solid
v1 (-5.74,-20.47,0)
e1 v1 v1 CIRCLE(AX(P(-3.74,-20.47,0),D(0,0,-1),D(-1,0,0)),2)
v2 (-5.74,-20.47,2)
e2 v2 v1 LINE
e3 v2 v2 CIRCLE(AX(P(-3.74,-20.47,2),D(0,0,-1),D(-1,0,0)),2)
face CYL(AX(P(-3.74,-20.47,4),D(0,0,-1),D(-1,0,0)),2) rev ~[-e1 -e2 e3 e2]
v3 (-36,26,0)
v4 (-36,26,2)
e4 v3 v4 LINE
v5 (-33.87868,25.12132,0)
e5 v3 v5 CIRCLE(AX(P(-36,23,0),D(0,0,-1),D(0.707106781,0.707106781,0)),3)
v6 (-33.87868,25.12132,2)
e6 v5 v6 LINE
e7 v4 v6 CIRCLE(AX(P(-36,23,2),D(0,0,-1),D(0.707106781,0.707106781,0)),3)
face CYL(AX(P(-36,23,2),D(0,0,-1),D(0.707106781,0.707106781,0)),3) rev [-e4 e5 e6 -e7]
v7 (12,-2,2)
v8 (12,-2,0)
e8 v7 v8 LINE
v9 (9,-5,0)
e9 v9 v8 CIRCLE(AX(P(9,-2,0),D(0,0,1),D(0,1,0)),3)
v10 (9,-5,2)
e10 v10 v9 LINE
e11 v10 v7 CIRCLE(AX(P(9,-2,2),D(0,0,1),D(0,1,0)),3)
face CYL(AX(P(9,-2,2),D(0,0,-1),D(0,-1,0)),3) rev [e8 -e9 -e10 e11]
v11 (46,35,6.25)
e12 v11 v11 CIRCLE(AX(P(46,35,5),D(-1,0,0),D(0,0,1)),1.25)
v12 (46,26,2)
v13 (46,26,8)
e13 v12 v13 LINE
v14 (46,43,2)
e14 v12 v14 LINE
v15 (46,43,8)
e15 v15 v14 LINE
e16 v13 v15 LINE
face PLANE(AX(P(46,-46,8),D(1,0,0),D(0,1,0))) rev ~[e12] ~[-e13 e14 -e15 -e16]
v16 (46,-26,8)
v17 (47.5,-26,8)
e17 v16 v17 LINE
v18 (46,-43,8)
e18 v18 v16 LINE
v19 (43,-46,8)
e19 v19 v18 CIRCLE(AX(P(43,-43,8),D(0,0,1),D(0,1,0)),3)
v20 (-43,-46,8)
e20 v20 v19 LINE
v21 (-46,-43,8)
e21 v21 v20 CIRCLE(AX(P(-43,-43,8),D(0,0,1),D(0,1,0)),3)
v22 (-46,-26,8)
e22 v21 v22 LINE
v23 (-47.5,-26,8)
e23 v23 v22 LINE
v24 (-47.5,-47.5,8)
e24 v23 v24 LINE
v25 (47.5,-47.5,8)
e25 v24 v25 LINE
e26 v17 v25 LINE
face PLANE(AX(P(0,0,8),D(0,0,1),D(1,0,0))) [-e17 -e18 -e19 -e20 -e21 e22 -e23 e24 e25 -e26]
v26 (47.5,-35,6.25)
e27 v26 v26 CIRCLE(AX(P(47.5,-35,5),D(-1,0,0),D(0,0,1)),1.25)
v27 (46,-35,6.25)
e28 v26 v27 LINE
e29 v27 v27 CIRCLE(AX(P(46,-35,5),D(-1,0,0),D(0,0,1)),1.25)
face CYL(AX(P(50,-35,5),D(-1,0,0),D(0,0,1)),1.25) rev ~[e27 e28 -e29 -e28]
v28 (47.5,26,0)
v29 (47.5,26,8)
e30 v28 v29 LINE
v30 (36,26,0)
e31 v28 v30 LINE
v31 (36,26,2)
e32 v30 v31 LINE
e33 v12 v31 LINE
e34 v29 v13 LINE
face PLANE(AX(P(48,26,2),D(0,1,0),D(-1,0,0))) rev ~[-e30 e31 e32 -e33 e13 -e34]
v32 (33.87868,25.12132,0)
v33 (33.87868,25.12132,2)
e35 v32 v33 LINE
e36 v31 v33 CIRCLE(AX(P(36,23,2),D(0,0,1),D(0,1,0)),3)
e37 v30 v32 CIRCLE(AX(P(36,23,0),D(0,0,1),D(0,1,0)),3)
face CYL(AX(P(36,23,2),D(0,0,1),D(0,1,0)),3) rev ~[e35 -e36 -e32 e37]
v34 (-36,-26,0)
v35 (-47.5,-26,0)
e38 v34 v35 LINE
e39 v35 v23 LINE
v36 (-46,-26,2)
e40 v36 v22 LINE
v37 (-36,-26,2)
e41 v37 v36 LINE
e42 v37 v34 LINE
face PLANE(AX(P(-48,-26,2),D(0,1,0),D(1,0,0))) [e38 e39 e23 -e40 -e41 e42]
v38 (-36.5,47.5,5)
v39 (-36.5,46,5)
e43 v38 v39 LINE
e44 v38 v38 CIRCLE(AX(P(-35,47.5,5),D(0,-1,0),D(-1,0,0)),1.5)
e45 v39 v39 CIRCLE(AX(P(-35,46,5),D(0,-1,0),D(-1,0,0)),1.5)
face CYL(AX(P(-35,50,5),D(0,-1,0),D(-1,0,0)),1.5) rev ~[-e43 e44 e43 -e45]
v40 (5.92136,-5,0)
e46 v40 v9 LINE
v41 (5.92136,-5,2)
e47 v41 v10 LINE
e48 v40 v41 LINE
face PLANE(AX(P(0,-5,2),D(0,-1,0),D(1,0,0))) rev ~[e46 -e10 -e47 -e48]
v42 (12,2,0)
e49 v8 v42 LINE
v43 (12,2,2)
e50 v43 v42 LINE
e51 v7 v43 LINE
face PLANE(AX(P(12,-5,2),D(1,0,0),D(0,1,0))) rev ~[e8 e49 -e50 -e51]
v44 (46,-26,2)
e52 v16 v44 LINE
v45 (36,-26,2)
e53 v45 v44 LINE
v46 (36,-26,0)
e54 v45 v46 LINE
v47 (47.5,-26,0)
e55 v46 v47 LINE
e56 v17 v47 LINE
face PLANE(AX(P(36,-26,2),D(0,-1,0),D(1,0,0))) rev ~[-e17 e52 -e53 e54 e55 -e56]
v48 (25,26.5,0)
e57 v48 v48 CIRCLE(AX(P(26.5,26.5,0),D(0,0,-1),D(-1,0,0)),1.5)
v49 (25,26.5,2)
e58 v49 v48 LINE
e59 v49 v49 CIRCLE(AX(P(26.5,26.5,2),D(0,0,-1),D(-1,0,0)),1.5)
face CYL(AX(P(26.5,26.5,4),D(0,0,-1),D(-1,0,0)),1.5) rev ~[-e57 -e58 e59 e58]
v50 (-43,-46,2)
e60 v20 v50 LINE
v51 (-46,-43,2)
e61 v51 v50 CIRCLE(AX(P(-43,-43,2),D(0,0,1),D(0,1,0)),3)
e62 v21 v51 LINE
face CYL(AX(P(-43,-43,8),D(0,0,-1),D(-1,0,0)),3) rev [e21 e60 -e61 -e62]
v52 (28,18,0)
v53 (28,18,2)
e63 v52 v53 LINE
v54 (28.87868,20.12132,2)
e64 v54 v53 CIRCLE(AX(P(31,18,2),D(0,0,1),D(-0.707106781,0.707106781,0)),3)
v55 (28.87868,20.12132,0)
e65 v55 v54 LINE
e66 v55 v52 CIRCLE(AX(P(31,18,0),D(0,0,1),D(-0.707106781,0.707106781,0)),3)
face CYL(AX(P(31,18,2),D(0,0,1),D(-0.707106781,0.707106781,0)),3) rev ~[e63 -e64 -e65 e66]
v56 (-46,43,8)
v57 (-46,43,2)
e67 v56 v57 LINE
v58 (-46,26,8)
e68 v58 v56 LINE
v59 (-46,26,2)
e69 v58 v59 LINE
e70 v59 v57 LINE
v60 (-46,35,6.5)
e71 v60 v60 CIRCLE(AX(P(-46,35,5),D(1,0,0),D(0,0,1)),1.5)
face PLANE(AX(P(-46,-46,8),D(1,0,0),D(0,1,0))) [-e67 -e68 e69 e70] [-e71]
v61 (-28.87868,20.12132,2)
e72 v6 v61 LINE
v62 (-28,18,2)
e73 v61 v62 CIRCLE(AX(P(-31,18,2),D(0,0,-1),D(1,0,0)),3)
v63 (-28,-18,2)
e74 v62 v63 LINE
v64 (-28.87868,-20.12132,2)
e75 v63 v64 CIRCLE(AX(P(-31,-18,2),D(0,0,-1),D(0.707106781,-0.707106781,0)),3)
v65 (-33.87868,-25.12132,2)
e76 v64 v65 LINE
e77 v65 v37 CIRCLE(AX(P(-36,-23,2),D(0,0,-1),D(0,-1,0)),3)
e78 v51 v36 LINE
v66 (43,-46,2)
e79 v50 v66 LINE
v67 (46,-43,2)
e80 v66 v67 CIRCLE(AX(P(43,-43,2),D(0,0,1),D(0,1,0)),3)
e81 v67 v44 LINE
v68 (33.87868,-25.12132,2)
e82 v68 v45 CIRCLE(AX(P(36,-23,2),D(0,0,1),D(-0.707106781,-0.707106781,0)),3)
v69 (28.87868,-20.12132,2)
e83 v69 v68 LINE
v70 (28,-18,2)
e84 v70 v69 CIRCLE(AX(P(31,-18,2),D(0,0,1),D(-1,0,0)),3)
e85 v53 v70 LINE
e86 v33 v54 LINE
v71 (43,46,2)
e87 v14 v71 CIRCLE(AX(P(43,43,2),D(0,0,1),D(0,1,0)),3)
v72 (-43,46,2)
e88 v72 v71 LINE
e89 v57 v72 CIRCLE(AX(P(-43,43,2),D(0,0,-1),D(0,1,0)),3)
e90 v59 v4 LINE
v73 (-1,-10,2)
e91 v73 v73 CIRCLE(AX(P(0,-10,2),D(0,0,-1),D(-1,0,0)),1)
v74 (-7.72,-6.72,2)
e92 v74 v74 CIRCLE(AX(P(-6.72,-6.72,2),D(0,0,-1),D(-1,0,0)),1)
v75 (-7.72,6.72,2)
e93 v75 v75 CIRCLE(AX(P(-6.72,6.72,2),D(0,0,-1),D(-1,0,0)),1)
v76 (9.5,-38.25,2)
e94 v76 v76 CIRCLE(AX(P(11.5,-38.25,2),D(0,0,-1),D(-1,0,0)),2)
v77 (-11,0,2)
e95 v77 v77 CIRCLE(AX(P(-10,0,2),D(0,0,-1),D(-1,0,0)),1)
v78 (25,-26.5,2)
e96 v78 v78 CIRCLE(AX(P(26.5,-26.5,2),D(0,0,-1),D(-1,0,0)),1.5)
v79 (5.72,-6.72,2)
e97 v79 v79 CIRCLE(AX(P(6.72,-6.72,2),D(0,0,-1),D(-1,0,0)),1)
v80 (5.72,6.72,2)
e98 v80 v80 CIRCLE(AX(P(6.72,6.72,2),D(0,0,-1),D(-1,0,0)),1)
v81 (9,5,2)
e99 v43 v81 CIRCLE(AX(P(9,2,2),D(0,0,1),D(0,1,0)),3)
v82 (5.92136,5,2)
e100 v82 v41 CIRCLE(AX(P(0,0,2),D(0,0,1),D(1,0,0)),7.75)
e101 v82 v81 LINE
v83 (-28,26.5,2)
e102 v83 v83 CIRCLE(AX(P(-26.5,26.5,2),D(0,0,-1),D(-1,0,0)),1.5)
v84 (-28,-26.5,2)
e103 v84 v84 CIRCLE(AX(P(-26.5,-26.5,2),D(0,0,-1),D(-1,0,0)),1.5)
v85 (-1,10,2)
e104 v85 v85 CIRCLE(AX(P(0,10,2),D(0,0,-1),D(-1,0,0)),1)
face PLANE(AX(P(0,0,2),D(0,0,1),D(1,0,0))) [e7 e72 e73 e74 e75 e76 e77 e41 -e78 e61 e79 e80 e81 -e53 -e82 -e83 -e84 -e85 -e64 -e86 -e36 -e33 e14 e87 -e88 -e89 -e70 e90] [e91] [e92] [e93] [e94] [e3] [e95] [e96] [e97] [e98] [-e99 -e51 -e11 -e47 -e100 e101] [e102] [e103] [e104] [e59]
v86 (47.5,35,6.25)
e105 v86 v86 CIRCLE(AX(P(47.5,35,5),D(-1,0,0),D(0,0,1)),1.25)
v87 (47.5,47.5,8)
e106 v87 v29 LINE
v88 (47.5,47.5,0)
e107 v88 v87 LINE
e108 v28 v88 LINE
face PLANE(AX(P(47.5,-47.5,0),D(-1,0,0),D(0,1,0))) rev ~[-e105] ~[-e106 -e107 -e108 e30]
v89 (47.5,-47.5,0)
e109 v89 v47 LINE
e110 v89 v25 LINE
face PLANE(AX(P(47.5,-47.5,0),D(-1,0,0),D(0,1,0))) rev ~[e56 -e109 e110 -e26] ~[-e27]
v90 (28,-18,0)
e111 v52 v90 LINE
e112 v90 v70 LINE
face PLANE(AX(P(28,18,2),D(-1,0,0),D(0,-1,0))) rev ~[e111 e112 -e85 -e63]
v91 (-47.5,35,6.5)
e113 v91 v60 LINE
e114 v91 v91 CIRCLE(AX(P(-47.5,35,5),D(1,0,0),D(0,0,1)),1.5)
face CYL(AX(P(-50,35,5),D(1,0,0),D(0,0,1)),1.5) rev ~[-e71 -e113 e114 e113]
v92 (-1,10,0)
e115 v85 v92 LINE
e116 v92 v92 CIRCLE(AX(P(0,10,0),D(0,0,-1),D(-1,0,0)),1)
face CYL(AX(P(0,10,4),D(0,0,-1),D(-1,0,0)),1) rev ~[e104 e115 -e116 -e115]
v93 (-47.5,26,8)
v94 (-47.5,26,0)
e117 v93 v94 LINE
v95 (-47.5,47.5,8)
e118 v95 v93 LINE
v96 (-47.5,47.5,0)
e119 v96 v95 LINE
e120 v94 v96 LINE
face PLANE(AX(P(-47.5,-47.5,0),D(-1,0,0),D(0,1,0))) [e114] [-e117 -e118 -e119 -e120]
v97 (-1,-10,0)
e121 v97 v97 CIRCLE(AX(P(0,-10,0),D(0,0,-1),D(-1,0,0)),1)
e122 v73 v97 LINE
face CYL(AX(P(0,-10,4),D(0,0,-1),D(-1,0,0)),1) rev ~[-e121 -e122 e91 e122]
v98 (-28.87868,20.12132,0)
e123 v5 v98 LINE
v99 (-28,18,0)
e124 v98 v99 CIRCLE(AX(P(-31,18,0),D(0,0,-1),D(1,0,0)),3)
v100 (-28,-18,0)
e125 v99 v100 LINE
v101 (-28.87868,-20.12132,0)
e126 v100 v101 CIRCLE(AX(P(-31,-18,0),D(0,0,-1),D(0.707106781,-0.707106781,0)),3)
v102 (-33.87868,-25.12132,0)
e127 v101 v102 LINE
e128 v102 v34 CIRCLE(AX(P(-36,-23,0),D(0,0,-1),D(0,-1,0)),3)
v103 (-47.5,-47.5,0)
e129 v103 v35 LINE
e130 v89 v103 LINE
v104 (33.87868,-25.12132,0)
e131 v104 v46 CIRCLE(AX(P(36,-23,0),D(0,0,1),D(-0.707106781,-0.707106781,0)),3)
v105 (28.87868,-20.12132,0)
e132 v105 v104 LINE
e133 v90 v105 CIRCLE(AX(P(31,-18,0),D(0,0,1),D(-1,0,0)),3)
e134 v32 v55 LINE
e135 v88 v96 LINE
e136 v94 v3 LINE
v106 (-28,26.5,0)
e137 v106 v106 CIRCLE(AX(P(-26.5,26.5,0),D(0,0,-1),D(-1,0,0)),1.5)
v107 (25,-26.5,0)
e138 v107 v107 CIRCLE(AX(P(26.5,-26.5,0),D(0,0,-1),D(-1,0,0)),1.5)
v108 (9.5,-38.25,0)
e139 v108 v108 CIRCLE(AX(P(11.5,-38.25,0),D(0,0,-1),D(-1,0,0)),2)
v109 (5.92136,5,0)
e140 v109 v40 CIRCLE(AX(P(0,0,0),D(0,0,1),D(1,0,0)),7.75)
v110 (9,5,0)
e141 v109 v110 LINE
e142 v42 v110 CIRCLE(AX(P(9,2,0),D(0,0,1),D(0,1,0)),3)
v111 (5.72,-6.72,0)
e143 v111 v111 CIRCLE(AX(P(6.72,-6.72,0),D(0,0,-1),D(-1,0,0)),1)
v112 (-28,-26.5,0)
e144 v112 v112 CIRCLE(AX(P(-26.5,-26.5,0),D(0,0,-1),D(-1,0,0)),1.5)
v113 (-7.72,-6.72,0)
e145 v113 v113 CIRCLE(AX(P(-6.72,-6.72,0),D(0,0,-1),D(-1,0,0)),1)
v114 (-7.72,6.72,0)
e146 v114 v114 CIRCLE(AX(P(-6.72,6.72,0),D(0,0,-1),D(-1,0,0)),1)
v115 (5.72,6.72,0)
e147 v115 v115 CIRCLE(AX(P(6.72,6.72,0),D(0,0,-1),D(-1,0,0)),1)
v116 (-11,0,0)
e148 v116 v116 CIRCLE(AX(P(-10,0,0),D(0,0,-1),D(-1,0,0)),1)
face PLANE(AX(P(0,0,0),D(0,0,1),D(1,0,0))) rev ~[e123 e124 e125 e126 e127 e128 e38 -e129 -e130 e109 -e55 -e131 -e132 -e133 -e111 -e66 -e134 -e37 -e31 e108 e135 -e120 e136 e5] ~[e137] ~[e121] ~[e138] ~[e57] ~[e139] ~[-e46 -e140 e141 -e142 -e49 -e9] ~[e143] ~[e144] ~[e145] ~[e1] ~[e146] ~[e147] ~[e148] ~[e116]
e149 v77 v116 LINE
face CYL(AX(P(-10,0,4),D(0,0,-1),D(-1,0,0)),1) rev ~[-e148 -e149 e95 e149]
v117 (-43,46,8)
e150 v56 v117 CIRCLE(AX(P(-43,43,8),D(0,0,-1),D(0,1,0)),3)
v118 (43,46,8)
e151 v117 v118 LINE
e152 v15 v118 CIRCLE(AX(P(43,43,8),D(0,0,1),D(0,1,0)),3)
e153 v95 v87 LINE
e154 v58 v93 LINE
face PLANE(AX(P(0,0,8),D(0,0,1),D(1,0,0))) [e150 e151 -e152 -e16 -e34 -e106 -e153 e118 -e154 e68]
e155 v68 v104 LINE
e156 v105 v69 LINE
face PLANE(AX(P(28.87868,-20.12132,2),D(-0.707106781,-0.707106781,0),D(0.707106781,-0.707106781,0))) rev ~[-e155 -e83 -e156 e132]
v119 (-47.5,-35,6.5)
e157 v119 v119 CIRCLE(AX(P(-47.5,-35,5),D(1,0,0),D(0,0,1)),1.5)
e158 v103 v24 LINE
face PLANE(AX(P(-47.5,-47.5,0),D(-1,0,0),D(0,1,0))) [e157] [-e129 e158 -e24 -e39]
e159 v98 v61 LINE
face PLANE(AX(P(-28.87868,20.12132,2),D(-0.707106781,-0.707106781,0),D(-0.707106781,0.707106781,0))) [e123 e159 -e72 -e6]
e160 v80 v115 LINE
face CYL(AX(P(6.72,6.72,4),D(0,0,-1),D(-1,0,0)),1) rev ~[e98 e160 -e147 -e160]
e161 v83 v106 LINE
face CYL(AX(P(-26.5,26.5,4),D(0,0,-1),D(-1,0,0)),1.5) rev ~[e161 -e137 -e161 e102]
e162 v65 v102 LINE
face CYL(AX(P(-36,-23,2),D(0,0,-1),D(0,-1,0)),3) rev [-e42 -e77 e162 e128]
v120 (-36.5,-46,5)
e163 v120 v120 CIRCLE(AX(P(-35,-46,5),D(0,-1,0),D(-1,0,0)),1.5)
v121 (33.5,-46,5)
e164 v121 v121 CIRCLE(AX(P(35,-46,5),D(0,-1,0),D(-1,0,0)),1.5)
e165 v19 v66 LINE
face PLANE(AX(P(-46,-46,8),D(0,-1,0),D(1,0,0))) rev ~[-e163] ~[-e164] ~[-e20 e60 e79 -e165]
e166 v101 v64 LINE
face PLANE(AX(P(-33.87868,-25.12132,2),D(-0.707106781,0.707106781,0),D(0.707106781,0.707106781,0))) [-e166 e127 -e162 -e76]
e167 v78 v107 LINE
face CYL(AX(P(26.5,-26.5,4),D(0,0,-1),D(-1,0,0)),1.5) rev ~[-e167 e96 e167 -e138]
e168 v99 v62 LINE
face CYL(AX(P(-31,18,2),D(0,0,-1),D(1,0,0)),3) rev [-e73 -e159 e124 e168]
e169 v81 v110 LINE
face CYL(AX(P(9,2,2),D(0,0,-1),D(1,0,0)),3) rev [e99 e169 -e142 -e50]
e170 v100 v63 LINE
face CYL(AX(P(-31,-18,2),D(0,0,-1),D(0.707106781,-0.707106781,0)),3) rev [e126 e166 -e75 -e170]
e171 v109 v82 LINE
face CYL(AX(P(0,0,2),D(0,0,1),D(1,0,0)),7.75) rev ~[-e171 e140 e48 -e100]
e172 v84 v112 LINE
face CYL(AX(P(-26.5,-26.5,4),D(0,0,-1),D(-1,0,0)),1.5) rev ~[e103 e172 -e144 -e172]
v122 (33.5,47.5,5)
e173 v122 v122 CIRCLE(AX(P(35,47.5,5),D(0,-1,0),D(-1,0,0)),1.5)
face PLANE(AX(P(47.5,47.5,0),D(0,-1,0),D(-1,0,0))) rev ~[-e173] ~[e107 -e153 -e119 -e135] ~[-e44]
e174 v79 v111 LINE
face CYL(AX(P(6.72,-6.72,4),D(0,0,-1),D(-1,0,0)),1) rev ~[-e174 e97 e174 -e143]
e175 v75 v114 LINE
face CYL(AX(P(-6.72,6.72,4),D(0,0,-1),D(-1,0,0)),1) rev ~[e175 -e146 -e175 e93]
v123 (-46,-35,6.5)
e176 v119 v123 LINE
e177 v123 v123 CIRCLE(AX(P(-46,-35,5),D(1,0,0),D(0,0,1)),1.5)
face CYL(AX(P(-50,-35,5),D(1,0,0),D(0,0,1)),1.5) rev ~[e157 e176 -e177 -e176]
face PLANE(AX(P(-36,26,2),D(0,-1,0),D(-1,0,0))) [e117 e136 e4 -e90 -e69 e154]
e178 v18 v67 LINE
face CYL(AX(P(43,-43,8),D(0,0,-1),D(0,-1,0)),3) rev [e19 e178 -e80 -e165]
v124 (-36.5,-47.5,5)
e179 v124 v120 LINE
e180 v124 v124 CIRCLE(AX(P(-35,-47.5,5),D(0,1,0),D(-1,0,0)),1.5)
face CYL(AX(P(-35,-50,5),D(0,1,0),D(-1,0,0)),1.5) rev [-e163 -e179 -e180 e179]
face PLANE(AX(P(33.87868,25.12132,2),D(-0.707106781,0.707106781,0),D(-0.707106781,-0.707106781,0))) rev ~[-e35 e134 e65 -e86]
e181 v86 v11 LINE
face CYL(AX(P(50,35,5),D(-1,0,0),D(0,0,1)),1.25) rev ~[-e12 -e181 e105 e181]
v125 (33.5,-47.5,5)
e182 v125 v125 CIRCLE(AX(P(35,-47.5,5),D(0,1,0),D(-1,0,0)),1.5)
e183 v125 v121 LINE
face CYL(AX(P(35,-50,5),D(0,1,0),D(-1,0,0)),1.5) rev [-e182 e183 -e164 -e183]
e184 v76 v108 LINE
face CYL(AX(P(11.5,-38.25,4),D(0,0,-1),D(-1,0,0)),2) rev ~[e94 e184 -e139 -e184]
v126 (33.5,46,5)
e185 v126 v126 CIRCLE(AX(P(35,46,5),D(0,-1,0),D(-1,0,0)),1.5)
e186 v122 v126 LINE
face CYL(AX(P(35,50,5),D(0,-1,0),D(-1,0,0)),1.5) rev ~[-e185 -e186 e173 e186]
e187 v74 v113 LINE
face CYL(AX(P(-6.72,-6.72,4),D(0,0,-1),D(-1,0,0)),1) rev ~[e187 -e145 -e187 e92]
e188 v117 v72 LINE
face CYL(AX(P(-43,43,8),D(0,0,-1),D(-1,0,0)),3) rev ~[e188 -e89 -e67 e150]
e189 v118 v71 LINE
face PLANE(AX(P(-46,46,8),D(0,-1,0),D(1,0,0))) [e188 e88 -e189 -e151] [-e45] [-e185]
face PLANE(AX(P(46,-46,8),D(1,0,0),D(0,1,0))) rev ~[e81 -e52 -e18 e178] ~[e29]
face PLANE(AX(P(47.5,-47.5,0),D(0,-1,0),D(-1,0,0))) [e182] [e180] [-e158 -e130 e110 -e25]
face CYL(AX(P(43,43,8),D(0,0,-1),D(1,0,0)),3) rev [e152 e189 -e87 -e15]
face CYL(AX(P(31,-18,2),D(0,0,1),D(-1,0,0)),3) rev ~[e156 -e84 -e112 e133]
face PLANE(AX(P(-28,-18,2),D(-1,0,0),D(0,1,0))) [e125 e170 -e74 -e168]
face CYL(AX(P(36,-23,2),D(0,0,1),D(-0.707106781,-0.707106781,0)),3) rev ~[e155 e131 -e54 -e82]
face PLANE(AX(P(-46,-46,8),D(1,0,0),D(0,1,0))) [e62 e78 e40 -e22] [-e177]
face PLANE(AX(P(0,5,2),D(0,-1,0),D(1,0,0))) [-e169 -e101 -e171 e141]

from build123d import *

# Parameters (mm, degrees)
SKETCH1_W                 = 96
SKETCH1_H                 = 96
BOSS_EXTRUDE1_DEPTH       = 8
SKETCH2_W                 = 92
SKETCH2_H                 = 92
COMPONENT_PLATFORM_DEPTH  = 6
CABLE_SLOTS_DEPTH         = 6
SKETCH4_R                 = 7.75
CENTER_MASS_CUT_DEPTH     = 6
INNER_CORNER_FILLETS_R    = 3
SKETCH10_W                = 12
SKETCH10_H                = 10
MOTOR_CUTOUT_DEPTH        = 2
FILLET1_R                 = 3
M3X0_5_TAPPED_HOLE1_D     = 2.5
M3X0_5_TAPPED_HOLE1_DEPTH = 2
F_3_0MM_DOWEL_HOLE1_D     = 3
F_3_0MM_DOWEL_HOLE1_DEPTH = 2
F_3_0MM_DOWEL_HOLE2_D     = 3
F_3_0MM_DOWEL_HOLE2_DEPTH = 2
F_2_0MM_DOWEL_HOLE1_D     = 2
F_2_0MM_DOWEL_HOLE1_DEPTH = 2
F_4_0MM_DOWEL_HOLE1_D     = 4
F_4_0MM_DOWEL_HOLE1_DEPTH = 2
F_3_0MM_DOWEL_HOLE3_D     = 3
F_3_0MM_DOWEL_HOLE3_DEPTH = 2
SKETCH34_OUTSIDE_W        = 125.2
SKETCH34_OUTSIDE_H        = 125.2
SKETCH34_OUTSIDE_W_2      = 95
SKETCH34_OUTSIDE_H_2      = 95
CUT_EXTRUDE1_DEPTH        = 10


with BuildPart() as part:
    # Sketch1 → Boss-Extrude1 (new body)
    with BuildSketch(Plane.XY):
        Rectangle(SKETCH1_W, SKETCH1_H)
    extrude(amount=BOSS_EXTRUDE1_DEPTH)

    # Sketch2 → Component Platform (cut)
    with BuildSketch(Plane.XY.offset(8)):
        Rectangle(SKETCH2_W, SKETCH2_H)
    extrude(amount=-COMPONENT_PLATFORM_DEPTH, mode=Mode.SUBTRACT)

    # Sketch3 → Cable Slots (cut, symmetric)
    with BuildSketch(Plane.XY.offset(2)):
        with BuildLine():
            Line((-33.878679656, -25.121320344), (-28.878679656, -20.121320344))
            ThreePointArc((-28.878679656, -20.121320344), (-28.228361402, -19.148050297), (-28, -18))
            Line((-28, -18), (-28, 18))
            ThreePointArc((-28, 18), (-28.228361402, 19.148050297), (-28.878679656, 20.121320344))
            Line((-28.878679656, 20.121320344), (-33.878679656, 25.121320344))
            ThreePointArc((-33.878679656, 25.121320344), (-34.851949703, 25.771638598), (-36, 26))
            Line((-36, 26), (-48, 26))
            Line((-48, 26), (-48, -26))
            Line((-48, -26), (-36, -26))
            ThreePointArc((-36, -26), (-34.851949703, -25.771638598), (-33.878679656, -25.121320344))
        make_face()
        with BuildLine():
            Line((48, -26), (48, 26))
            Line((48, 26), (36, 26))
            ThreePointArc((36, 26), (34.851949703, 25.771638598), (33.878679656, 25.121320344))
            Line((33.878679656, 25.121320344), (28.878679656, 20.121320344))
            ThreePointArc((28.878679656, 20.121320344), (28.228361402, 19.148050297), (28, 18))
            Line((28, 18), (28, -18))
            ThreePointArc((28, -18), (28.228361402, -19.148050297), (28.878679656, -20.121320344))
            Line((28.878679656, -20.121320344), (33.878679656, -25.121320344))
            ThreePointArc((33.878679656, -25.121320344), (34.851949703, -25.771638598), (36, -26))
            Line((36, -26), (48, -26))
        make_face()
    extrude(amount=CABLE_SLOTS_DEPTH, both=True, mode=Mode.SUBTRACT)

    # Sketch4 → Center Mass Cut (cut)
    with BuildSketch(Plane.XY.offset(2)):
        Circle(SKETCH4_R)
    extrude(amount=-CENTER_MASS_CUT_DEPTH, mode=Mode.SUBTRACT)

    # Inner Corner Fillets
    inner_corner_fillets_edges = [part.edges().sort_by_distance(p)[0] for p in [
        (-46, -46, 5),
        (-46, 46, 5),
        (46, 46, 5),
        (46, -46, 5),
    ]]
    fillet(inner_corner_fillets_edges, radius=INNER_CORNER_FILLETS_R)

    # Sketch10 → Motor Cutout (cut)
    with BuildSketch(Plane.XY.offset(2)):
        with Locations((6, 0)):
            Rectangle(SKETCH10_W, SKETCH10_H)
    extrude(amount=-MOTOR_CUTOUT_DEPTH, mode=Mode.SUBTRACT)

    # Fillet1
    fillet1_edges = [part.edges().sort_by_distance(p)[0] for p in [
        (12, -5, 1),
        (12, 5, 1),
    ]]
    fillet(fillet1_edges, radius=FILLET1_R)

    # M3x0.5 Tapped Hole1
    with Locations(Plane(origin=(48, 0, 0), x_dir=(0, 0, -1), z_dir=(1, 0, 0))):
        with Locations((-5, -35), (-5, 35)):
            Hole(M3X0_5_TAPPED_HOLE1_D / 2, depth=M3X0_5_TAPPED_HOLE1_DEPTH)

    # Ø3.0mm Dowel Hole1
    with Locations(Plane(origin=(0, 48, 0), x_dir=(1, 0, 0), z_dir=(0, 1, 0))):
        with Locations((35, -5), (-35, -5)):
            f_3_0mm_dowel_hole1 = Hole(F_3_0MM_DOWEL_HOLE1_D / 2, depth=F_3_0MM_DOWEL_HOLE1_DEPTH)

    # Mirror2: Ø3.0mm Dowel Hole1 across plane
    add(f_3_0mm_dowel_hole1.mirror(Plane(origin=(0, 0, 0), x_dir=(0, 0, 1), z_dir=(0, -1, 0))), mode=Mode.SUBTRACT)

    # Ø3.0mm Dowel Hole2
    with Locations(Plane.XY.offset(2)):
        with Locations((-26.5, -26.5), (26.5, -26.5), (26.5, 26.5), (-26.5, 26.5)):
            Hole(F_3_0MM_DOWEL_HOLE2_D / 2, depth=F_3_0MM_DOWEL_HOLE2_DEPTH)

    # Ø2.0mm Dowel Hole1
    with Locations(Plane.XY.offset(2)):
        with Locations((6.72, -6.72), (0, -10), (-6.72, -6.72), (-10, 0), (-6.72, 6.72), (0, 10), (6.72, 6.72)):
            Hole(F_2_0MM_DOWEL_HOLE1_D / 2, depth=F_2_0MM_DOWEL_HOLE1_DEPTH)

    # Ø4.0mm Dowel Hole1
    with Locations(Plane.XY.offset(2)):
        with Locations((-3.74, -20.47), (11.5, -38.25)):
            Hole(F_4_0MM_DOWEL_HOLE1_D / 2, depth=F_4_0MM_DOWEL_HOLE1_DEPTH)

    # Ø3.0mm Dowel Hole3
    with Locations(Plane(origin=(-48, 35, 5), x_dir=(0, 0, -1), z_dir=(-1, 0, 0))):
        with Locations((0, 0), (0, 70)):
            Hole(F_3_0MM_DOWEL_HOLE3_D / 2, depth=F_3_0MM_DOWEL_HOLE3_DEPTH)

    # Sketch34 outside → Cut-Extrude1 (cut)
    with BuildSketch(Plane(origin=(0, 0, 0), x_dir=(-1, 0, 0), z_dir=(0, 0, -1))):
        Rectangle(SKETCH34_OUTSIDE_W, SKETCH34_OUTSIDE_H)
        Rectangle(SKETCH34_OUTSIDE_W_2, SKETCH34_OUTSIDE_H_2, mode=Mode.SUBTRACT)
    extrude(amount=-CUT_EXTRUDE1_DEPTH, mode=Mode.SUBTRACT)


solid = part.part
